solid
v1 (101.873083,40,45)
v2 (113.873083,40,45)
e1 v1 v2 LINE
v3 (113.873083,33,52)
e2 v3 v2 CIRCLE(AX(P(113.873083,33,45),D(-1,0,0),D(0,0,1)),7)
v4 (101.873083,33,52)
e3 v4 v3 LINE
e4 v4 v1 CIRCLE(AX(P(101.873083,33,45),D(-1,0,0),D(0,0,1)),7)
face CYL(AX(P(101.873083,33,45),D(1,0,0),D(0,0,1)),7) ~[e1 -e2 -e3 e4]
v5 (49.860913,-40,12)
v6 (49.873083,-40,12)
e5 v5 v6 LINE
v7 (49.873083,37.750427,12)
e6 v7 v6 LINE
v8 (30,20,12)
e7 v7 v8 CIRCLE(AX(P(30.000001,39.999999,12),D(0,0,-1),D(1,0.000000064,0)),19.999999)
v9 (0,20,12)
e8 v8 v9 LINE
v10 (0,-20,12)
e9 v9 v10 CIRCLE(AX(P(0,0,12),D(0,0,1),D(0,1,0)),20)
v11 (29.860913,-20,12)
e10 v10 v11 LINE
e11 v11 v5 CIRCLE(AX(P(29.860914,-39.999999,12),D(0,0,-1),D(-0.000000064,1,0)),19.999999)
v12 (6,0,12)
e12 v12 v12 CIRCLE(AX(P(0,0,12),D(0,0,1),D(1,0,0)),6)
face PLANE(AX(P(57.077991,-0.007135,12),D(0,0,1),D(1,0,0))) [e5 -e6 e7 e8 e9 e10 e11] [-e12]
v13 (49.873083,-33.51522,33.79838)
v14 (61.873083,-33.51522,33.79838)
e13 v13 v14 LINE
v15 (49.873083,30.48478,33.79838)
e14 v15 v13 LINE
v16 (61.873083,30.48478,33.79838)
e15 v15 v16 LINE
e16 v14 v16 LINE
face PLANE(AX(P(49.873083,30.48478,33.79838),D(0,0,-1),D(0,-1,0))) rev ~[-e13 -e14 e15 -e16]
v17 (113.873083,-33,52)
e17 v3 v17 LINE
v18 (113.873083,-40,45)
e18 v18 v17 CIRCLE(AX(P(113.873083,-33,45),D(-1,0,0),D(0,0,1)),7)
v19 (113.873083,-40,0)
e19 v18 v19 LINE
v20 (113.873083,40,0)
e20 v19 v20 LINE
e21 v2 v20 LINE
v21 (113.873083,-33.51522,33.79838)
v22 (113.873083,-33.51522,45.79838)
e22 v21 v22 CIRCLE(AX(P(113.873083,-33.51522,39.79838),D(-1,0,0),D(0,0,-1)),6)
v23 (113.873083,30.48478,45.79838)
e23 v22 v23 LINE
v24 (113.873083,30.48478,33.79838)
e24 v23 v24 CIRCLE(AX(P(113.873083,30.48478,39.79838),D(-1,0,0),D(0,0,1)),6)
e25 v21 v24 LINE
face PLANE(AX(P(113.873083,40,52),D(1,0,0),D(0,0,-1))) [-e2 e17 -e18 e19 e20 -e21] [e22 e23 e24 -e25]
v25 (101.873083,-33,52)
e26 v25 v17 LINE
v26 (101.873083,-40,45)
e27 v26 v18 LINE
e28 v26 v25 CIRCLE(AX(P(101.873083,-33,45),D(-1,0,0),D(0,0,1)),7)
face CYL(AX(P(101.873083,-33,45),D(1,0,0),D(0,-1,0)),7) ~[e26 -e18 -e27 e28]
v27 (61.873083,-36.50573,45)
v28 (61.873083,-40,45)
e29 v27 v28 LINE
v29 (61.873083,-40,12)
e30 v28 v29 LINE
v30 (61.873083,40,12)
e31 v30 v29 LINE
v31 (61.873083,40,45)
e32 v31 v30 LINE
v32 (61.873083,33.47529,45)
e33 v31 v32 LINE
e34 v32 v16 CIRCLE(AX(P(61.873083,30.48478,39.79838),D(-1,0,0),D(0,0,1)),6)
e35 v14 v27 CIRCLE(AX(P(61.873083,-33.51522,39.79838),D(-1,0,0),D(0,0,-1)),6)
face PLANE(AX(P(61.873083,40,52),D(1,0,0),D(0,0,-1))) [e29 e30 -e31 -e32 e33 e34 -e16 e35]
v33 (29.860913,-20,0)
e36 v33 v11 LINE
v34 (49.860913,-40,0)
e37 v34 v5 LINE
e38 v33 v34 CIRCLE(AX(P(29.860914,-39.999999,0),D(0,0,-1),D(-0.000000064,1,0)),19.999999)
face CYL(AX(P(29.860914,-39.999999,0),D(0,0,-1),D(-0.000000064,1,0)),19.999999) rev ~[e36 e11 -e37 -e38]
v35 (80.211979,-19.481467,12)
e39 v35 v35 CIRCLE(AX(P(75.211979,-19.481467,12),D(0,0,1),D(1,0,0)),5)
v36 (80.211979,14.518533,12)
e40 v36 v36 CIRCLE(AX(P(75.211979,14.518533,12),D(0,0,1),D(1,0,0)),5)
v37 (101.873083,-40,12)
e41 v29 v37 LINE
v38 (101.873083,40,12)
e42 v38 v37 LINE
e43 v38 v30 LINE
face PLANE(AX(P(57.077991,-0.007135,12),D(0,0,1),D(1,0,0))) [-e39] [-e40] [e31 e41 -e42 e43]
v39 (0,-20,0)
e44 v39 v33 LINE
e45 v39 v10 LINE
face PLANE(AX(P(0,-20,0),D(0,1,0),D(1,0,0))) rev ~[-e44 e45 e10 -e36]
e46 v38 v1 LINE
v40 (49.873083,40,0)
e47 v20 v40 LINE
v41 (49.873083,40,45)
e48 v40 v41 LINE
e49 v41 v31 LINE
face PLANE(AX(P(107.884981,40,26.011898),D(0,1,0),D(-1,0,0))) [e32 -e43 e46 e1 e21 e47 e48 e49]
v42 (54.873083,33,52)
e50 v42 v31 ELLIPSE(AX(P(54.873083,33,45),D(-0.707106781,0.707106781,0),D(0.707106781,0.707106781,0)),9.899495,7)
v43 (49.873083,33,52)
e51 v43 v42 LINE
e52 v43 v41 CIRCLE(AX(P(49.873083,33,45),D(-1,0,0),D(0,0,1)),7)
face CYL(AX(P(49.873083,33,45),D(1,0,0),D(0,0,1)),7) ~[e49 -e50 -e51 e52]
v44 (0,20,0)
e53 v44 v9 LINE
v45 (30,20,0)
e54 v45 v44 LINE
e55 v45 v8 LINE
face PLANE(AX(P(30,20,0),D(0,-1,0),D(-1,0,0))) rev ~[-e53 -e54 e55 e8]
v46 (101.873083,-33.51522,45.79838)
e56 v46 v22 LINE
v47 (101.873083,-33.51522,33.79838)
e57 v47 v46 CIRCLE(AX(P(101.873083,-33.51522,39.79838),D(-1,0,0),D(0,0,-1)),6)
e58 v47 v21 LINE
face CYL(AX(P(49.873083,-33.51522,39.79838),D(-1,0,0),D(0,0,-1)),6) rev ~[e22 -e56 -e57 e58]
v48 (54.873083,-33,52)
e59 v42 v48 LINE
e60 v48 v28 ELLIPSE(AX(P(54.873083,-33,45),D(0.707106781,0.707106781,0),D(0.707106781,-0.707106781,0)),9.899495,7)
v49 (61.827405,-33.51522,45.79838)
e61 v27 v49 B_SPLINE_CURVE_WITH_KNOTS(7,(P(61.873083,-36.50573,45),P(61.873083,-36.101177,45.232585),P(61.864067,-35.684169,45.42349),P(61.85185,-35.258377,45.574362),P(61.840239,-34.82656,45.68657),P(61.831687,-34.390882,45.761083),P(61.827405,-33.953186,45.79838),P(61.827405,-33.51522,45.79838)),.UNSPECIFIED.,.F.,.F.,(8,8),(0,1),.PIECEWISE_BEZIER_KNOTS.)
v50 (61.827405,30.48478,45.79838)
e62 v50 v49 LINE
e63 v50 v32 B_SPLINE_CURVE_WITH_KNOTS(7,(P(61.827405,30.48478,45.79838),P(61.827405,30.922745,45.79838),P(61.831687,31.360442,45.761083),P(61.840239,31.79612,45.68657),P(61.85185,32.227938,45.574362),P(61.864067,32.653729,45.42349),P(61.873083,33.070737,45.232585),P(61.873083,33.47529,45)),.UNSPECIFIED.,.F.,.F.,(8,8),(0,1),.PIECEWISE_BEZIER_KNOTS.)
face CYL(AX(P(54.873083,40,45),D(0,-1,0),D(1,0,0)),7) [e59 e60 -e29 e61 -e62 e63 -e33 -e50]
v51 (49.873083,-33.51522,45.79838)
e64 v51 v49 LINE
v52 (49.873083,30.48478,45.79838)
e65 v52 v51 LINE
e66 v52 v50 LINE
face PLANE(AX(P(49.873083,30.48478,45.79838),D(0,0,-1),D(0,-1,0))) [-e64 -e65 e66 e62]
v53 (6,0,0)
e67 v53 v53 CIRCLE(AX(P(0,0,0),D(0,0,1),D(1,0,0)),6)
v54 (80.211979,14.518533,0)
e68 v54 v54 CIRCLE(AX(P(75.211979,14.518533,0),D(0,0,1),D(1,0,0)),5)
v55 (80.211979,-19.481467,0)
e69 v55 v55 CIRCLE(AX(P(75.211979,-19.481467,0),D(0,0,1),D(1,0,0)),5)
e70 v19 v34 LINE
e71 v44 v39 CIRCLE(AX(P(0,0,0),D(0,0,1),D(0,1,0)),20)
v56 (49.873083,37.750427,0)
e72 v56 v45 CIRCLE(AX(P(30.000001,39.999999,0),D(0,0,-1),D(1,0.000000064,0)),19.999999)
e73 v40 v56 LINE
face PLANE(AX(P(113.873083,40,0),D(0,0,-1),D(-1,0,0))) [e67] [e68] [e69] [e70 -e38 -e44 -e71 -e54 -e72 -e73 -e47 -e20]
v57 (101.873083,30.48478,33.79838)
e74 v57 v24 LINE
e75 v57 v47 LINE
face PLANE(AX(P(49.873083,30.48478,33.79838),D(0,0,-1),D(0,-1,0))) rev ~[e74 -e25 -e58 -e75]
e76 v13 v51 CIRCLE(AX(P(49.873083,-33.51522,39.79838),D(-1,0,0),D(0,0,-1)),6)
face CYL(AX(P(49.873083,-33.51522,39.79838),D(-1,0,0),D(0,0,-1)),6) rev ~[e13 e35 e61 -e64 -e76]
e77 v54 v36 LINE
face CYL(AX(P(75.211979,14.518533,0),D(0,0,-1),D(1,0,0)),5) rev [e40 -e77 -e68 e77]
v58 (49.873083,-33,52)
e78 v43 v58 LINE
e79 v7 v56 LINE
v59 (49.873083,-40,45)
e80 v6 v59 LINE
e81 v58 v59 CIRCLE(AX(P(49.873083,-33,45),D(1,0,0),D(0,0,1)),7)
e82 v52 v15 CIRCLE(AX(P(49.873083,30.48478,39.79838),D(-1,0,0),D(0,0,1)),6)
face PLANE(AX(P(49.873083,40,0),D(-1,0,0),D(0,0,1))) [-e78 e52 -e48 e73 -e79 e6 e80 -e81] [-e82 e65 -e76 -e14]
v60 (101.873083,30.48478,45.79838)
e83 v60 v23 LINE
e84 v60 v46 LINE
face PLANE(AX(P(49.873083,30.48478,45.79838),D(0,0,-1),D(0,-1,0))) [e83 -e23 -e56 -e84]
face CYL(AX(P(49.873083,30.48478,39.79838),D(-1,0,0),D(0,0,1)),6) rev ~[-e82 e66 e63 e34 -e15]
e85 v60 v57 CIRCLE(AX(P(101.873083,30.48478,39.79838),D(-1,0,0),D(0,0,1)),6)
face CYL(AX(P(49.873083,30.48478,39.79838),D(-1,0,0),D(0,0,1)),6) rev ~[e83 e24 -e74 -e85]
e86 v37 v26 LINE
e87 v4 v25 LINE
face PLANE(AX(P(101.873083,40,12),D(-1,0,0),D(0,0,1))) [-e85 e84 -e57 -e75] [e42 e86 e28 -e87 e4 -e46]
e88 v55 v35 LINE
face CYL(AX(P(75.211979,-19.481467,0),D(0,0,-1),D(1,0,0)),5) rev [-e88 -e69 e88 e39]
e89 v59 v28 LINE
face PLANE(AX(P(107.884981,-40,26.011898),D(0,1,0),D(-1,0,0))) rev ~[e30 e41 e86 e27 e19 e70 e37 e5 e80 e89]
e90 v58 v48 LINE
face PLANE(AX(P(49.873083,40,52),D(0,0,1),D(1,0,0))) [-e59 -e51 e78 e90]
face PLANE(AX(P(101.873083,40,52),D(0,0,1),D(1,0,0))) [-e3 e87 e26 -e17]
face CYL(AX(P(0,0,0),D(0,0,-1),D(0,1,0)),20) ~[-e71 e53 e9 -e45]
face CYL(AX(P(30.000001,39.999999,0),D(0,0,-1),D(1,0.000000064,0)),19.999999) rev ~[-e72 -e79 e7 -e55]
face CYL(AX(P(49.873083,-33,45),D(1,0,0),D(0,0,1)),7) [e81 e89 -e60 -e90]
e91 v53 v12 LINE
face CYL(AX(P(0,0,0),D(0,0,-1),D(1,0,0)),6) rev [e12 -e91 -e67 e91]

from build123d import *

# Parameters (mm, degrees)
F0_R     = 5
F0_R_2   = 6
F1_DEPTH = 12
F3_DEPTH = 80
F4_R     = 7
F5_W     = 64
F5_H     = 12
F6_DEPTH = 77.1


with BuildPart() as f1:
    # F0 (on Top) → F1 (new body)
    with BuildSketch(Plane.XY):
        with BuildLine():
            Line((29.965228, 20), (0, 20))
            ThreePointArc((0, 20), (-20, 0), (0, -20))
            Line((0, -20), (29.860913, -20))
            ThreePointArc((29.860913, -20), (44.003049, -25.857864), (49.860913, -40))
            Line((49.860913, -40), (102, -40))
            Line((102, -40), (102, -33))
            Line((102, -33), (113.873083, -33))
            Line((113.873083, -33), (113.873083, 33))
            Line((113.873083, 33), (102, 33))
            Line((102, 33), (102, 40))
            Line((102, 40), (50, 40))
            ThreePointArc((50, 40), (44.142136, 25.857864), (30, 20))
            Line((30, 20), (29.965228, 20))
        make_face()
        with Locations((75.211979, -19.481467)):
            Circle(F0_R, mode=Mode.SUBTRACT)
        Circle(F0_R_2, mode=Mode.SUBTRACT)
        with Locations((75.211979, 14.518533)):
            Circle(F0_R, mode=Mode.SUBTRACT)
    extrude(amount=F1_DEPTH)

    # F2 (on face) → F3 (join)
    with BuildSketch(Plane(origin=(0, 40, 0), x_dir=(-1, 0, 0), z_dir=(0, 1, 0))):
        Polygon((-113.873083, 52), (-113.873083, 0), (-102, 0), (-102, 12), (-101.873083, 12), (-101.873083, 52), align=None)
        Polygon((-61.873083, 52), (-61.873083, 12), (-50, 12), (-50, 0), (-49.873083, 0), (-49.873083, 52), align=None)
    extrude(amount=-F3_DEPTH)

    # F4
    f4_edges = [f1.edges().sort_by_distance(p)[0] for p in [
        (107.873083, 40, 52),
        (55.873083, 40, 52),
        (55.873083, -40, 52),
        (107.873083, -40, 52),
        (61.873083, 0, 52),
    ]]
    fillet(f4_edges, radius=F4_R)

    # F5 (on face) → F6 (cut)
    with BuildSketch(Plane(origin=(49.873083, 0, 0), x_dir=(0, -1, 0), z_dir=(-1, 0, 0))):
        with Locations((1.51522, 39.79838)):
            Rectangle(F5_W, F5_H)
        with BuildLine():
            Line((-30.48478, 33.79838), (-30.48478, 45.79838))
            ThreePointArc((-30.48478, 45.79838), (-36.48478, 39.79838), (-30.48478, 33.79838))
        make_face()
        with BuildLine():
            ThreePointArc((33.51522, 33.79838), (39.51522, 39.79838), (33.51522, 45.79838))
            Line((33.51522, 45.79838), (33.51522, 33.79838))
        make_face()
    extrude(amount=-F6_DEPTH, mode=Mode.SUBTRACT)


solid = f1.part
